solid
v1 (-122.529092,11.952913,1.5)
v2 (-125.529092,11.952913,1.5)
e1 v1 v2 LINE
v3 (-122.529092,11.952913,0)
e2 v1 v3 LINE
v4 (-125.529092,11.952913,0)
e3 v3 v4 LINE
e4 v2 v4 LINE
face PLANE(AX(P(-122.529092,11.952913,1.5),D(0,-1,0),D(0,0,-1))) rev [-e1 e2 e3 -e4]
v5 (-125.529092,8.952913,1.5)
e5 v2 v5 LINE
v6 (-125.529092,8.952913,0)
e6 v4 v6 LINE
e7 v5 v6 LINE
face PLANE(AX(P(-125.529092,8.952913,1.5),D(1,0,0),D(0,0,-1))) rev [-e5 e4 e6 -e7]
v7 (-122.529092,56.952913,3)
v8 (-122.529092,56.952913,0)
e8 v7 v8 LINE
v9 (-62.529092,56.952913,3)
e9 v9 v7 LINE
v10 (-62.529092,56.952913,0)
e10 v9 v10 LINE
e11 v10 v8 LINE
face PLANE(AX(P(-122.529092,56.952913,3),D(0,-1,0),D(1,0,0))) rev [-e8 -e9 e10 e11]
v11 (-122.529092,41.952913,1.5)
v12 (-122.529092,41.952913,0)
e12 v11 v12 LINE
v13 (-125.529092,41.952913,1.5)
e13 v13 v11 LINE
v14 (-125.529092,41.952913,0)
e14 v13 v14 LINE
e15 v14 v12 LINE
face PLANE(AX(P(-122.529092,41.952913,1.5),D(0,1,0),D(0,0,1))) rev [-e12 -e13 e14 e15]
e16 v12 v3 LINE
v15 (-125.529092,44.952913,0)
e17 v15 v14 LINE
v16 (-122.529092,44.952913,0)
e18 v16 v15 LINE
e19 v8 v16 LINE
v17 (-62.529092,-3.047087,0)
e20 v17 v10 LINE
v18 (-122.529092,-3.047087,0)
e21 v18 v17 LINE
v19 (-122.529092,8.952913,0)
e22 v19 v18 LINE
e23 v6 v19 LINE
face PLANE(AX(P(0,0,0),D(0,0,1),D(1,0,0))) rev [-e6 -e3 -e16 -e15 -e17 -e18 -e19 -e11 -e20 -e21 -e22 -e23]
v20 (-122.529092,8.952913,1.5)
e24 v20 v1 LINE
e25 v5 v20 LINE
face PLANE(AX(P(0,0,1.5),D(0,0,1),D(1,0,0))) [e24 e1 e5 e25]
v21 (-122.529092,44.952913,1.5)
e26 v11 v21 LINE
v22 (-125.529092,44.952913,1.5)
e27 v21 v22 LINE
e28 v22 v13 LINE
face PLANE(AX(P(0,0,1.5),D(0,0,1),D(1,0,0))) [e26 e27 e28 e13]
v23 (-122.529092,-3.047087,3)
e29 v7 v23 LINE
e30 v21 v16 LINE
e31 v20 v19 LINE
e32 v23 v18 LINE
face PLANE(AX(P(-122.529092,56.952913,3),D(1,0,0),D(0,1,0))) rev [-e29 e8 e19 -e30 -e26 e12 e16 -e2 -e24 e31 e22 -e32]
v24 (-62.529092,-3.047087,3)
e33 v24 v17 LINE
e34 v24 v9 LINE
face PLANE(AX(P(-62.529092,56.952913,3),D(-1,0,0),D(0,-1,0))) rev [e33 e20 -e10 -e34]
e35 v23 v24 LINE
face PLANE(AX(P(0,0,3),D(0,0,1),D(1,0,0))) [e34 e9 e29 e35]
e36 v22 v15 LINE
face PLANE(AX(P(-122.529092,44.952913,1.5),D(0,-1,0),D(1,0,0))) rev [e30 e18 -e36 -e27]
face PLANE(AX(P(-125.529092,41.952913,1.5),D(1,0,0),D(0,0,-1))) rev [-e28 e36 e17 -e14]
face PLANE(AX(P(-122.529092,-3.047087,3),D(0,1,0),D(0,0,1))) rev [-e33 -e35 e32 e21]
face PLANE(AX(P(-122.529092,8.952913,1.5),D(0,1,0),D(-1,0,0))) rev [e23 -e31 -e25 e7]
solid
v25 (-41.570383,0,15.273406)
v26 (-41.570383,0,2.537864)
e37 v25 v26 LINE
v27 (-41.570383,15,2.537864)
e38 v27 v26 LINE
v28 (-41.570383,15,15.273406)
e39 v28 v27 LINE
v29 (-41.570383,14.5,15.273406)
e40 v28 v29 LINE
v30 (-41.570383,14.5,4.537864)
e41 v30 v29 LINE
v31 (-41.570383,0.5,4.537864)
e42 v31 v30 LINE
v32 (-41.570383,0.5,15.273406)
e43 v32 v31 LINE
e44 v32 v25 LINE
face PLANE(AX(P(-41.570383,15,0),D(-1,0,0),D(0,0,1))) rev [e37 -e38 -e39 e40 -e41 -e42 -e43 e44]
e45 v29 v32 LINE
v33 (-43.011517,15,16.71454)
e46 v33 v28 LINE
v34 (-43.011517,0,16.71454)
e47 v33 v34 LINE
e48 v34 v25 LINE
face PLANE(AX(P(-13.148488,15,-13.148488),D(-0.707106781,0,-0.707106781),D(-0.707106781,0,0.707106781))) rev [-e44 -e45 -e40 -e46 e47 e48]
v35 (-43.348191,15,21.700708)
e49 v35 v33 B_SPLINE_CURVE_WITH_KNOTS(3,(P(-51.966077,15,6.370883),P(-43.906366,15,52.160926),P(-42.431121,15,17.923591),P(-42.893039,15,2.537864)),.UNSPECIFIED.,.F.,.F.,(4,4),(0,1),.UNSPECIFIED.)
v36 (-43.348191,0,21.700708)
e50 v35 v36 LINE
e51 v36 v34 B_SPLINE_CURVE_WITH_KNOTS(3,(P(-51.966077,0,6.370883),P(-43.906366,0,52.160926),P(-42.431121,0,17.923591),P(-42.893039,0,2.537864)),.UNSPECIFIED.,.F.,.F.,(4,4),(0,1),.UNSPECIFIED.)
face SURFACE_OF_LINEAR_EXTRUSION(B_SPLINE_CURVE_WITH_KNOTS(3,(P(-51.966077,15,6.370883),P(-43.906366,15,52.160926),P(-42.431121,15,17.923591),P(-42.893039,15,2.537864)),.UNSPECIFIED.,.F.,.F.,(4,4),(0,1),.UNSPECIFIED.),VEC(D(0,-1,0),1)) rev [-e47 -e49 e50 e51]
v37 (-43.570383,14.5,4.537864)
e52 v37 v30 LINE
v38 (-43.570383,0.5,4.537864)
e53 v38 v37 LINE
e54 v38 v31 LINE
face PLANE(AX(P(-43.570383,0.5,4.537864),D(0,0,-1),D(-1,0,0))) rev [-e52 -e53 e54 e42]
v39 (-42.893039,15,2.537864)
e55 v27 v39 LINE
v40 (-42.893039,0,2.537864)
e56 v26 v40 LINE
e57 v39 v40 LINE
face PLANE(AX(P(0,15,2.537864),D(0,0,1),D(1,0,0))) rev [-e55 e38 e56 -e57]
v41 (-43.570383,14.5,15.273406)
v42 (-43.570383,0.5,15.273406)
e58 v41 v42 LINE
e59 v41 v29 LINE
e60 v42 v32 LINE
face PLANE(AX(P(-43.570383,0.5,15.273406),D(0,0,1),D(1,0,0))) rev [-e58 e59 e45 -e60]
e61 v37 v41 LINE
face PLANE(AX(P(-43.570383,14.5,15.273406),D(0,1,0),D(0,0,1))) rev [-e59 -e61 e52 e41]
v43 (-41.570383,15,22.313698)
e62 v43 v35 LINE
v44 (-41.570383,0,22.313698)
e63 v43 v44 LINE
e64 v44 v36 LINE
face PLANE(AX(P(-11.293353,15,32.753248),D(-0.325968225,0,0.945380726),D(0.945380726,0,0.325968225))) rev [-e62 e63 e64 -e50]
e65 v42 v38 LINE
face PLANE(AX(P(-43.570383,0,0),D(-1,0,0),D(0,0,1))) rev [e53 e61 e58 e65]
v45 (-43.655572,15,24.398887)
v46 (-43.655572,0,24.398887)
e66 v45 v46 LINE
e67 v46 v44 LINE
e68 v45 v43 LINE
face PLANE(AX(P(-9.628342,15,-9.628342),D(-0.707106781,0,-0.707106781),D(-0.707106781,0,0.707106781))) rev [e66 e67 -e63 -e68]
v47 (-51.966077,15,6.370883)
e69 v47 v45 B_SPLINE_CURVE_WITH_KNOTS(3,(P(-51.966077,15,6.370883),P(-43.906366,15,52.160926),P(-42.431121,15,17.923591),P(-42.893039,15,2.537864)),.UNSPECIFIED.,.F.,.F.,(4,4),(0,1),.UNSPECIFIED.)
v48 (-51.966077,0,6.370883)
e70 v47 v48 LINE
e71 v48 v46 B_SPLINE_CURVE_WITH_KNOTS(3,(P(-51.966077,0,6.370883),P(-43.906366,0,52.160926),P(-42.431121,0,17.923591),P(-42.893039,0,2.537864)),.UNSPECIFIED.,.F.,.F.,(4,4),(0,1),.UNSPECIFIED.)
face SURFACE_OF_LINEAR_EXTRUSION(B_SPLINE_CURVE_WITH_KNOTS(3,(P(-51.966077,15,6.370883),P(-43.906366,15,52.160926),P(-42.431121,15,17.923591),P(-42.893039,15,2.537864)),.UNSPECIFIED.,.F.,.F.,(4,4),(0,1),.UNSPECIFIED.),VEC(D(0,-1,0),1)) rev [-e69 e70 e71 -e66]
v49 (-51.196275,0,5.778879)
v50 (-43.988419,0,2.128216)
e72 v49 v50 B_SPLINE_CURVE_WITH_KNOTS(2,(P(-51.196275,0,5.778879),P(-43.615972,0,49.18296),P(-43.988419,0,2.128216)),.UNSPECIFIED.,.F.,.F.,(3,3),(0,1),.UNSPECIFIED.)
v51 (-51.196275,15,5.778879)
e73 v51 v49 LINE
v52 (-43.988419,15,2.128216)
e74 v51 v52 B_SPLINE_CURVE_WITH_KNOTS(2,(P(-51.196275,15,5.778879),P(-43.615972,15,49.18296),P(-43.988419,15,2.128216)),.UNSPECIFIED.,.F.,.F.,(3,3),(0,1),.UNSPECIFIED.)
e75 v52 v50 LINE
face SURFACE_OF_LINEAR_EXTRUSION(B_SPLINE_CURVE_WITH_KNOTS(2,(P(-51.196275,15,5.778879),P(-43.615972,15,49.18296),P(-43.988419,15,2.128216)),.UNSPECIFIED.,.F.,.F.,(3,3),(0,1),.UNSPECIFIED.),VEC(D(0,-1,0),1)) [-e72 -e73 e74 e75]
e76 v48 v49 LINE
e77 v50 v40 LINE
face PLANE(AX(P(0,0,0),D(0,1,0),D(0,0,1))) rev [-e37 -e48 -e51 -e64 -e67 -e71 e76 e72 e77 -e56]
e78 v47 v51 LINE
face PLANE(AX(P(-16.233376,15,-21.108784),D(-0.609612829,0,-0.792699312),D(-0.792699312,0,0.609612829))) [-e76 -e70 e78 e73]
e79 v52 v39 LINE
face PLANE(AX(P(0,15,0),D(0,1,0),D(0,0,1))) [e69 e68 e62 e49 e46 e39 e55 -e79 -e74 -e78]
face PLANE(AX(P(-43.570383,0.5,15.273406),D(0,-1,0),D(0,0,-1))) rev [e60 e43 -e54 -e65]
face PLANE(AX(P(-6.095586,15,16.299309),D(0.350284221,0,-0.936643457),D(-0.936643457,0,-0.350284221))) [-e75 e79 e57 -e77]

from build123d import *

# Parameters (mm, degrees)
ESQUISSE2_W             = 60
ESQUISSE2_H             = 60
BOSS_EXTRU_5_DEPTH      = 3
ESQUISSE4_W             = 3
ESQUISSE4_H             = 3
BOSS_EXTRU_6_DEPTH      = 1.5
BOSS_EXTRU_7_DEPTH      = 15
ESQUISSE6_W             = 10.73554263
ESQUISSE6_H             = 14
ENL_V_MAT_EXTRU_3_DEPTH = 2


with BuildPart() as part:
    # Esquisse2 → Boss.-Extru.5 (new body)
    with BuildSketch(Plane.XY):
        with Locations((-92.529091576, 26.952913469)):
            Rectangle(ESQUISSE2_W, ESQUISSE2_H)
    extrude(amount=BOSS_EXTRU_5_DEPTH)

    # Esquisse4 → Boss.-Extru.6 (add)
    with BuildSketch(Plane.XY):
        with Locations((-124.029091576, 43.452913469)):
            Rectangle(ESQUISSE4_W, ESQUISSE4_H)
        with Locations((-124.029091576, 10.452913469)):
            Rectangle(ESQUISSE4_W, ESQUISSE4_H)
    extrude(amount=BOSS_EXTRU_6_DEPTH)


with BuildPart() as body_2:
    # Esquisse5 → Boss.-Extru.7 (new body)
    with BuildSketch(Plane(origin=(0, 0, 0), x_dir=(1, 0, 0), z_dir=(0, 1, 0))):
        with BuildLine():
            add(Edge.make_bspline(
                [(-51.196275426, -5.778879221), (-43.615971935, -49.182959999), (-43.988419185, -2.128215511)],
                knots=[0, 0, 0, 1, 1, 1], degree=2))
            Line((-43.988419185, -2.128215511), (-42.89303889, -2.537863847))
            add(Edge.make_bspline(
                [(-51.966076605, -6.370882605), (-43.906365512, -52.160925825), (-42.431120628, -17.92359053), (-42.89303889, -2.537863847)],
                knots=[0, 0, 0, 0, 1, 1, 1, 1], degree=3))
            Line((-51.966076605, -6.370882605), (-51.196275426, -5.778879221))
        make_face()
        with BuildLine():
            add(Edge.make_bspline(
                [(-43.655572035, -24.398887349), (-43.539836944, -23.57085318), (-43.437699228, -22.664594203), (-43.348190801, -21.700707969)],
                knots=[0.584216968, 0.584216968, 0.584216968, 0.584216968, 0.643496376, 0.643496376, 0.643496376, 0.643496376], degree=3))
            Line((-43.655572035, -24.398887349), (-41.570382682, -22.313697996))
            Line((-41.570382682, -22.313697996), (-43.348190801, -21.700707969))
        make_face()
        with BuildLine():
            add(Edge.make_bspline(
                [(-43.011516669, -16.714540464), (-42.78393513, -11.879120869), (-42.772185803, -6.563278554), (-42.89303889, -2.537863847)],
                knots=[0.738366943, 0.738366943, 0.738366943, 0.738366943, 1, 1, 1, 1], degree=3))
            Line((-43.011516669, -16.714540464), (-41.570382682, -15.273406477))
            Line((-41.570382682, -15.273406477), (-41.570382682, -2.537863847))
            Line((-41.570382682, -2.537863847), (-42.89303889, -2.537863847))
        make_face()
    extrude(amount=BOSS_EXTRU_7_DEPTH)

    # Esquisse6 → Enlèv. mat.-Extru.3 (cut)
    with BuildSketch(Plane(origin=(-41.570382682, 0, 0), x_dir=(0, 0, -1), z_dir=(1, 0, 0))):
        with Locations((-9.905635162, 7.5)):
            Rectangle(ESQUISSE6_W, ESQUISSE6_H)
    extrude(amount=-ENL_V_MAT_EXTRU_3_DEPTH, mode=Mode.SUBTRACT)


solid = Compound([part.part, body_2.part])
